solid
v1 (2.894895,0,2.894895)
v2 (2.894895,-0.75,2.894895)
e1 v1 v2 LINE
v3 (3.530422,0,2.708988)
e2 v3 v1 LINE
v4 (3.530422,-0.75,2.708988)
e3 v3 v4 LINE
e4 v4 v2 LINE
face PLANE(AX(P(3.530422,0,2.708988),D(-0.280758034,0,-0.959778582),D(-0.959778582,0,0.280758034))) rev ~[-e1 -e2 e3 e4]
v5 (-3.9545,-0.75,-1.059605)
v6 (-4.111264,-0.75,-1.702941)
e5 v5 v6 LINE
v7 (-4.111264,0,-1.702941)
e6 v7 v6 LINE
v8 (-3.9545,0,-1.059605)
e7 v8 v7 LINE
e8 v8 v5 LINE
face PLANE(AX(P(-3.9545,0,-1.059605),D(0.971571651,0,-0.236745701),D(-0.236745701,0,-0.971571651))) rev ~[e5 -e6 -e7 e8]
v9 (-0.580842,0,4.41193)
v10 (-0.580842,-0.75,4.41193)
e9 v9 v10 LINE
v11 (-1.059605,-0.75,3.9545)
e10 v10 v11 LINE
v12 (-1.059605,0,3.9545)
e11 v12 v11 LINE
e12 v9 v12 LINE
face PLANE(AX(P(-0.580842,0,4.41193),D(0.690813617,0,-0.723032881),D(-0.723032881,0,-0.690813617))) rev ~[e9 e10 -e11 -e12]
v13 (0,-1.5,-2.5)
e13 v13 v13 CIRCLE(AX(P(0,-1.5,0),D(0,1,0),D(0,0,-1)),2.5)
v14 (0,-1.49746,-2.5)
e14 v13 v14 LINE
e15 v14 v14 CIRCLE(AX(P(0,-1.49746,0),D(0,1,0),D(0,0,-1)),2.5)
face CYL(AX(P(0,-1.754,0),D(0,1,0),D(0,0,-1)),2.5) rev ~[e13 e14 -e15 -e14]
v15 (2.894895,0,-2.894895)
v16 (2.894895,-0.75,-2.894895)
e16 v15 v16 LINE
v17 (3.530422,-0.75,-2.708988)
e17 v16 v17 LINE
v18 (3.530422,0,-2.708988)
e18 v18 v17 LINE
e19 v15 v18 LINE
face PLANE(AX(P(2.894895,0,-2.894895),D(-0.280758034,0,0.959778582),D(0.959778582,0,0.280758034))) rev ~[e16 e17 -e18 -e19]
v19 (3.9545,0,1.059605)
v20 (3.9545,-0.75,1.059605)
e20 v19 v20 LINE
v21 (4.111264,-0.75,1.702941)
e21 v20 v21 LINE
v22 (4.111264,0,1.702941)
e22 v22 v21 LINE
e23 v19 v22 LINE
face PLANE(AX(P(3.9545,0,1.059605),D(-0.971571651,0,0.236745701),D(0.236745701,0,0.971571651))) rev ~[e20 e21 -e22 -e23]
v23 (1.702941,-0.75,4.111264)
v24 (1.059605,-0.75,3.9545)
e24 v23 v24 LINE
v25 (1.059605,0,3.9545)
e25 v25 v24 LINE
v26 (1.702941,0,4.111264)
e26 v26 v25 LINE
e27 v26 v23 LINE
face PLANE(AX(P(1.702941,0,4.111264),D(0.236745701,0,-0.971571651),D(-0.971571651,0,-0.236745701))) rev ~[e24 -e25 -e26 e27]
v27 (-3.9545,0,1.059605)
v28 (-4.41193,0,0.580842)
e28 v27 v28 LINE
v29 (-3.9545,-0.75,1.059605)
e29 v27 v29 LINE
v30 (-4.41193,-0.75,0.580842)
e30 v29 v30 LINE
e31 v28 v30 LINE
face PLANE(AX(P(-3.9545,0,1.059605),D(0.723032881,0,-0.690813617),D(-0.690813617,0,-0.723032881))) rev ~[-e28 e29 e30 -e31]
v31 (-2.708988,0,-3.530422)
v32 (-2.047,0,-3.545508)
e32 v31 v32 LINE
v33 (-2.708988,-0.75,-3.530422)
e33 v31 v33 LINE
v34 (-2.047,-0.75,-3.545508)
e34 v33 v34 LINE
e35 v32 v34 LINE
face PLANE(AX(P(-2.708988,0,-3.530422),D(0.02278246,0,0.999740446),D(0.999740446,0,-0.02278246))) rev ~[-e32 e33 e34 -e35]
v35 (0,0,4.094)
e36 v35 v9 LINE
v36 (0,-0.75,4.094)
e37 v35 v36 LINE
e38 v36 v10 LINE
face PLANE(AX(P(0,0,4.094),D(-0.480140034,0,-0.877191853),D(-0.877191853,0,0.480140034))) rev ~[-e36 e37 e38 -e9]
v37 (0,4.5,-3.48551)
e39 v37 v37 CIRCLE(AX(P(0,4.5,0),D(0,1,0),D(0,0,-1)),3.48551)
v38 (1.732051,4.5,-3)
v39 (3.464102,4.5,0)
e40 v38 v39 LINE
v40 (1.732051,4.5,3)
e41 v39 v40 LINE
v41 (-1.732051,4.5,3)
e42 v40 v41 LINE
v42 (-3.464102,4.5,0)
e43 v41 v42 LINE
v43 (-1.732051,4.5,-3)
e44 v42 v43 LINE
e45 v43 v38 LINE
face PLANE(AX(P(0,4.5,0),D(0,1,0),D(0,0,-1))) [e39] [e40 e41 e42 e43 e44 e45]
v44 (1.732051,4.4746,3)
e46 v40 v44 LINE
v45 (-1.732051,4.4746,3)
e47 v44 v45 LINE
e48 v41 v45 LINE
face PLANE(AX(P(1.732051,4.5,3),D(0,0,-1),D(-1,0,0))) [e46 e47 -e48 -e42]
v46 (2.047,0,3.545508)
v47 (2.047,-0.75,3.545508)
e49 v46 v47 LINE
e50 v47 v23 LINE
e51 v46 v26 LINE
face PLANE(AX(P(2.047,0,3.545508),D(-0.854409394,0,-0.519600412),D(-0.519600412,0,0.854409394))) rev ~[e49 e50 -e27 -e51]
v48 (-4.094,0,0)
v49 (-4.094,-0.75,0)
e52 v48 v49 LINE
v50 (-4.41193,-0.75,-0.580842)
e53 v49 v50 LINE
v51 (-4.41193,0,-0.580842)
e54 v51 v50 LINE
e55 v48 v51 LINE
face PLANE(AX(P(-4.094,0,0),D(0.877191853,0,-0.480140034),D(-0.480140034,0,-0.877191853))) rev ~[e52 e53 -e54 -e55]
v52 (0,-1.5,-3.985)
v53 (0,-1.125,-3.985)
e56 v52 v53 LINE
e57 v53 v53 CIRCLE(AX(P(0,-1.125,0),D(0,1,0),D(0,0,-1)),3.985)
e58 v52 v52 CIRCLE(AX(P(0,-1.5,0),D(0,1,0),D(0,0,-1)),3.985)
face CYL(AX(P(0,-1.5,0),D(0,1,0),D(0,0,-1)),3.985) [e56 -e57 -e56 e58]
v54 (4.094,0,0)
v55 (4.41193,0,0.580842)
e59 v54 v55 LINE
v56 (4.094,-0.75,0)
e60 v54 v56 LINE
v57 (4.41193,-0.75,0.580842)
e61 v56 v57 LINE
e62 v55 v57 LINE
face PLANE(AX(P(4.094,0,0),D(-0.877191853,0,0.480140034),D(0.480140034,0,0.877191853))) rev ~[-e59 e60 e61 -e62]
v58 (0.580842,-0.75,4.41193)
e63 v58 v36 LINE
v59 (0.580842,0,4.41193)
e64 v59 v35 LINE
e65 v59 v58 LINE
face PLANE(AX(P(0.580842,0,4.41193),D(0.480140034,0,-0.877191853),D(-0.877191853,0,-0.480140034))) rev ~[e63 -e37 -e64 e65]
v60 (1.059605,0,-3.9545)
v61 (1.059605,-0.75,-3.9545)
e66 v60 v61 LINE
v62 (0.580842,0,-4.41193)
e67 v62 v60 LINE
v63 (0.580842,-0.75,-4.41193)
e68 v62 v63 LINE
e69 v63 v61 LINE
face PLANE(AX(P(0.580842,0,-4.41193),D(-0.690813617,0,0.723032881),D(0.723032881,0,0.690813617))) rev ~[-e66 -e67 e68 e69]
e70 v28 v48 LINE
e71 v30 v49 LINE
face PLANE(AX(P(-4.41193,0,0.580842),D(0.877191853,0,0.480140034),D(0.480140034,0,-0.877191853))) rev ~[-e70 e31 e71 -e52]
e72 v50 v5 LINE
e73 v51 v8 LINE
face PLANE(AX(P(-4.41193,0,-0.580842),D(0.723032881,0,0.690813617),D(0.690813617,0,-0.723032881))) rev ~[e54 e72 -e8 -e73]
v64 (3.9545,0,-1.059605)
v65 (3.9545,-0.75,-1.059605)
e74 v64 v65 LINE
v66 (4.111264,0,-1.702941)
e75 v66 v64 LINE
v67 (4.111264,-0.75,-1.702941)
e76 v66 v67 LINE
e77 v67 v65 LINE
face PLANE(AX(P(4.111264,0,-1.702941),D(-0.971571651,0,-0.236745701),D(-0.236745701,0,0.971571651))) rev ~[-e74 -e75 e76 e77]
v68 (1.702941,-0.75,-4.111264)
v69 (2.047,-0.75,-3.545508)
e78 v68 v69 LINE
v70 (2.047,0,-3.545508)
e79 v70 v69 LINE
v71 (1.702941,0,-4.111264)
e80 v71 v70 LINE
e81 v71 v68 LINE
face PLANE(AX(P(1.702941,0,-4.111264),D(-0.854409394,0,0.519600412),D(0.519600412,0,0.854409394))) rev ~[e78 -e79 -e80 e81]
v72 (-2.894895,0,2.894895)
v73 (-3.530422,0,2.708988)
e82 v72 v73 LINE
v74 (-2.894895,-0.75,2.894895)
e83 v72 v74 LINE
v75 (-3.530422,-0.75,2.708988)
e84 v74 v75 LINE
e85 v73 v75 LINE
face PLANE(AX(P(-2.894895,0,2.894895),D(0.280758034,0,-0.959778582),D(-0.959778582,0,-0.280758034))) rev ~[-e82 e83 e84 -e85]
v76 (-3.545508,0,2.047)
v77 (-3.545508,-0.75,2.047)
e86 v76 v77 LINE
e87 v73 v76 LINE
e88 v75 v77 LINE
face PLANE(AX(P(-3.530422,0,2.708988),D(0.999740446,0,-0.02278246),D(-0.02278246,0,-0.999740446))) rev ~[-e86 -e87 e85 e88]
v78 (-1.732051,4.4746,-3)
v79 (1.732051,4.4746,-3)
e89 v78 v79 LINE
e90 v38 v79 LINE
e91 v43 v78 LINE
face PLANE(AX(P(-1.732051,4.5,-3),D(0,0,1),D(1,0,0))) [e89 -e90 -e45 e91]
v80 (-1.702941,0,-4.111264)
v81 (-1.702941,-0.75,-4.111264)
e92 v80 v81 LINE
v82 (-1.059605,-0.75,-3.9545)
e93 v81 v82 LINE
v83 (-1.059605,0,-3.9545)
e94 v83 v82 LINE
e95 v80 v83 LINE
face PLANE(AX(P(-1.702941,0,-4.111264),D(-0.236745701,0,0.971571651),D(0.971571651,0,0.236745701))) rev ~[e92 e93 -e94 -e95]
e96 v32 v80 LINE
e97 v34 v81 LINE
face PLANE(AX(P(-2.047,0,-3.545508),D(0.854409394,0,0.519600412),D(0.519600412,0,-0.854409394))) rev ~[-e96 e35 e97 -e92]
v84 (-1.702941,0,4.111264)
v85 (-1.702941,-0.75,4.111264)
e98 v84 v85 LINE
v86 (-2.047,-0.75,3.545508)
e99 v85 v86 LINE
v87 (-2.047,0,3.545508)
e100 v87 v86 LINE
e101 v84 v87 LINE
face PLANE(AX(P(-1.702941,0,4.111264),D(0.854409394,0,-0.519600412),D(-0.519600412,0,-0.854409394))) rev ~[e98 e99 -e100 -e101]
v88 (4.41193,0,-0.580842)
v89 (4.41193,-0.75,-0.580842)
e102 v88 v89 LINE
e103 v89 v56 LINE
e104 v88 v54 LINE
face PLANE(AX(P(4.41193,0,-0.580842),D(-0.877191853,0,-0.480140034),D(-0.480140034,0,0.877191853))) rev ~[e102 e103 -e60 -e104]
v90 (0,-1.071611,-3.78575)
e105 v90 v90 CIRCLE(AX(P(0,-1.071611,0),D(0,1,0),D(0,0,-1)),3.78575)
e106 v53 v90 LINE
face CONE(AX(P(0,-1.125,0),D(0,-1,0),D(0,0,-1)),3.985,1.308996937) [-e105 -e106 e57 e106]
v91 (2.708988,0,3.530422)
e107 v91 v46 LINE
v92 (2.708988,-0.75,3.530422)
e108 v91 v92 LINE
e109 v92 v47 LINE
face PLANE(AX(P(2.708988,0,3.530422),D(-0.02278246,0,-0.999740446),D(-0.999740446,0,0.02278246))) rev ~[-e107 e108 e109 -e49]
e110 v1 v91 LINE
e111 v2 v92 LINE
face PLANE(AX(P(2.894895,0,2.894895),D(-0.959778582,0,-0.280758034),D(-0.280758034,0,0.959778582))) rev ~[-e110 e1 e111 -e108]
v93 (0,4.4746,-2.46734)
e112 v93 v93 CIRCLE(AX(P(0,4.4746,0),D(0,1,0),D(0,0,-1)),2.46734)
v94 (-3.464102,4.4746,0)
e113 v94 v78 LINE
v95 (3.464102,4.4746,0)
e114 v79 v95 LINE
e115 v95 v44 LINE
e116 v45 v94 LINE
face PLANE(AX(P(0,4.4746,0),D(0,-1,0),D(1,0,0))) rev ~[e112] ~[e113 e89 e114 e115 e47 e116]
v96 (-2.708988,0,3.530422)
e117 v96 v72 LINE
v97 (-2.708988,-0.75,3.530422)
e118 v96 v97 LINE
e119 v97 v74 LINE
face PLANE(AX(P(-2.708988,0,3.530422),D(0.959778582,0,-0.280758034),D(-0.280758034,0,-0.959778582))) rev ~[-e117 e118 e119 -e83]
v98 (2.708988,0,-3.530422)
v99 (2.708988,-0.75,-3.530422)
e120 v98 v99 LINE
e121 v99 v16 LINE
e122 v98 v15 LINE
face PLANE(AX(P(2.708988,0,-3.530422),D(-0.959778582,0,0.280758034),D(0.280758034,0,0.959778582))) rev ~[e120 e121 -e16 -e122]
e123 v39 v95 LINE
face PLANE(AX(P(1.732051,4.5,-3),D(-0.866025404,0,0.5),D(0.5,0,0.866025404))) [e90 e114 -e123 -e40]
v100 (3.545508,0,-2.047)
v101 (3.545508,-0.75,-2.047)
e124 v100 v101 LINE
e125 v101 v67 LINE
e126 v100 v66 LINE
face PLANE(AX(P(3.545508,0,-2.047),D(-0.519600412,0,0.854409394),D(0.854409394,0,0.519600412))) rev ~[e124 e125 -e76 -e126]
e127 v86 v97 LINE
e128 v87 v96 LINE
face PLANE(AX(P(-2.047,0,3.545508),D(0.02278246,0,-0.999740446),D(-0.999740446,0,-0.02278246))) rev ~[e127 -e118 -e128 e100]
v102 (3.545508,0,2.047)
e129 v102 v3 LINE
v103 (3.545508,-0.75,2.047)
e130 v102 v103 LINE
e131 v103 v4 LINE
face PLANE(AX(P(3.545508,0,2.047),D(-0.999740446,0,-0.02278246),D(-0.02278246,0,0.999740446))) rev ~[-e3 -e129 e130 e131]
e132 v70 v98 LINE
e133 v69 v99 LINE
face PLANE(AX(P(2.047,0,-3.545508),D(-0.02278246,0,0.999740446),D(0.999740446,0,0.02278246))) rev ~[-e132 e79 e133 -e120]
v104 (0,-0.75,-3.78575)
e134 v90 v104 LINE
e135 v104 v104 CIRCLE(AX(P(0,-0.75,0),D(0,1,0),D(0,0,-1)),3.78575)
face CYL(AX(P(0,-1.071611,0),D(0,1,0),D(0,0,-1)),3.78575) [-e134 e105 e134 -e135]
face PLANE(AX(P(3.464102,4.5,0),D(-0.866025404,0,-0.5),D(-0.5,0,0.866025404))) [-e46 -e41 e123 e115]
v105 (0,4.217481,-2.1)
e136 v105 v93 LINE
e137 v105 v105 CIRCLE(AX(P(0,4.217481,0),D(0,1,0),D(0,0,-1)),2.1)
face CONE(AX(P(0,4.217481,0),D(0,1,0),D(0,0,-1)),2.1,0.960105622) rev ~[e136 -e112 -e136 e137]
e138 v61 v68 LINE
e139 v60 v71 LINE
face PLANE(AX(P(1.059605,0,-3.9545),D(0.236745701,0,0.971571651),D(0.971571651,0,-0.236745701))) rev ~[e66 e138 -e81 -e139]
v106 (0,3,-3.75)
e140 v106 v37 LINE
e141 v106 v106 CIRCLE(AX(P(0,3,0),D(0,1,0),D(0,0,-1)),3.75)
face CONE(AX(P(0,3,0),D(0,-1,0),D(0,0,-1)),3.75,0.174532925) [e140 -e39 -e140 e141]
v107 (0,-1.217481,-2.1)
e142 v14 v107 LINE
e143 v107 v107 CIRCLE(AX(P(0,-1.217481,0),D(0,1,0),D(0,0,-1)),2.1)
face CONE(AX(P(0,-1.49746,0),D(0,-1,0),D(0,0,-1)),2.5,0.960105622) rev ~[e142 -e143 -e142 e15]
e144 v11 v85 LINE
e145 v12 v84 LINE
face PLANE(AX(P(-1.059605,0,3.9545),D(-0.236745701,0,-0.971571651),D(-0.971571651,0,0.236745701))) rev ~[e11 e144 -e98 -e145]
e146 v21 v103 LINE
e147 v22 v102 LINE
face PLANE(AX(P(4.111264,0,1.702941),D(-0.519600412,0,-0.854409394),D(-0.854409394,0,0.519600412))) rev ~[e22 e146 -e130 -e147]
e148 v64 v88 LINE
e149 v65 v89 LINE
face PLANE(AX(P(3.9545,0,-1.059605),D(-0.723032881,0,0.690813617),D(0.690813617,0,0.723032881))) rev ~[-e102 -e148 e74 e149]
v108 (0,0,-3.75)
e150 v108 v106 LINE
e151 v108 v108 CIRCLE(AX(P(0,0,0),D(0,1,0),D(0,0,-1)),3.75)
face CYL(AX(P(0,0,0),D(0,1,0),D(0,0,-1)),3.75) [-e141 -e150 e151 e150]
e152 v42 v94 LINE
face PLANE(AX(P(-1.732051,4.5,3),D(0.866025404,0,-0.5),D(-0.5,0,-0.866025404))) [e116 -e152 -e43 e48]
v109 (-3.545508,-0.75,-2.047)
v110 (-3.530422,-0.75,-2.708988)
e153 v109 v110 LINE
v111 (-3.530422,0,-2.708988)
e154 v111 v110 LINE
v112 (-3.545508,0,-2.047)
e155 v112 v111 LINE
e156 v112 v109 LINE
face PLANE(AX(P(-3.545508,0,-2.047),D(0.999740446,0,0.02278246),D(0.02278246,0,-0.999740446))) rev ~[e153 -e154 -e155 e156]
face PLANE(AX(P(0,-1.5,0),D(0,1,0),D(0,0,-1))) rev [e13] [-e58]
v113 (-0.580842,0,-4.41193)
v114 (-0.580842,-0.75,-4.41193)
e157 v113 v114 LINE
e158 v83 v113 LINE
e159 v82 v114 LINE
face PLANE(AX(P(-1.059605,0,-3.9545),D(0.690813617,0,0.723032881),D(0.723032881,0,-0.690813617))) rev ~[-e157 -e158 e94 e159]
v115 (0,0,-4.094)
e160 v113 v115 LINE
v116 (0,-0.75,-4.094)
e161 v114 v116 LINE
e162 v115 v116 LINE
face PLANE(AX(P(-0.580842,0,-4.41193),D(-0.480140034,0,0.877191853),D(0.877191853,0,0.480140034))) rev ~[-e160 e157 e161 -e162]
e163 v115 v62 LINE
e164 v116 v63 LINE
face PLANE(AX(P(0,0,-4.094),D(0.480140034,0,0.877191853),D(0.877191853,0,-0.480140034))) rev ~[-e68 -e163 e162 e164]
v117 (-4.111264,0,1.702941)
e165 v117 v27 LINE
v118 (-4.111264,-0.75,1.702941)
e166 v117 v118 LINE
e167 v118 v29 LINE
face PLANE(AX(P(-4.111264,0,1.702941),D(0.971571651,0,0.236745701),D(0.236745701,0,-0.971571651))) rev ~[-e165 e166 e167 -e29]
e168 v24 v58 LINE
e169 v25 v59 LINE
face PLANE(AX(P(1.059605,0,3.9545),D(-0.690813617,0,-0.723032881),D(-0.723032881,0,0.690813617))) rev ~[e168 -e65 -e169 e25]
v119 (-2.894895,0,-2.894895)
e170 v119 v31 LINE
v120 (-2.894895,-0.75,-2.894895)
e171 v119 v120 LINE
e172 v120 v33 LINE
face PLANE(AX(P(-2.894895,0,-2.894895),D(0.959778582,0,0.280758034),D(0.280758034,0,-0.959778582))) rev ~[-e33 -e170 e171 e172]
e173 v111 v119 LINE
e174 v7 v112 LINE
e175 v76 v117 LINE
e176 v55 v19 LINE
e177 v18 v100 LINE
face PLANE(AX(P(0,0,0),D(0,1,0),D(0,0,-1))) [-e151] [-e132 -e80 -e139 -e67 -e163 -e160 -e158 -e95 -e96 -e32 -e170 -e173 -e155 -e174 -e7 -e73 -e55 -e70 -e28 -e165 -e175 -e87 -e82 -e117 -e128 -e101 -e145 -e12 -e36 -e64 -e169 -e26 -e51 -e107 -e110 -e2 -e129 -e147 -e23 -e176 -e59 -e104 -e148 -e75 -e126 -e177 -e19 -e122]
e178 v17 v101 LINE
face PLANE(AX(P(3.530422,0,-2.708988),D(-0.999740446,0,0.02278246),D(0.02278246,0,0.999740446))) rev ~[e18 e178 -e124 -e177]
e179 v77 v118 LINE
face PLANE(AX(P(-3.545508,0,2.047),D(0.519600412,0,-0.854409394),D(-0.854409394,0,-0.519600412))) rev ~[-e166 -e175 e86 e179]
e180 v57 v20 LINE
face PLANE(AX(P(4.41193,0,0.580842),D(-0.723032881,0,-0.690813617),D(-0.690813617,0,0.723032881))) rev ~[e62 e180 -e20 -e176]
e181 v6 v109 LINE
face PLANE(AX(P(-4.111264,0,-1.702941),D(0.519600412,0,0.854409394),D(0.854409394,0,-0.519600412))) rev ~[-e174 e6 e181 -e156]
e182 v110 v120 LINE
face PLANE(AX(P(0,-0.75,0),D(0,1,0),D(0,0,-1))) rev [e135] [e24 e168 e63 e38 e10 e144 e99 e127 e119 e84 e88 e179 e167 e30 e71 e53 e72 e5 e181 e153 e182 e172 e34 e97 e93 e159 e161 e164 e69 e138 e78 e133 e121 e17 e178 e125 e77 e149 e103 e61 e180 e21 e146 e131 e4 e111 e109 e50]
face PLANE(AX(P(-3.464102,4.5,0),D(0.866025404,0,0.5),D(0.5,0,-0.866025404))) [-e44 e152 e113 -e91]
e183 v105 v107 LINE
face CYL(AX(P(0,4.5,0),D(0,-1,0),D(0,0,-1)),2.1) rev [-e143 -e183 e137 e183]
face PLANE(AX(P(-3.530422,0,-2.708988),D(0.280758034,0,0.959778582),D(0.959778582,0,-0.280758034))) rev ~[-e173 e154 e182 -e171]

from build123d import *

# Parameters (mm, degrees)
CLINCHCUT_START    = -0.75
CLINCHCUT_DEPTH    = 0.75
CLINCHCUTPAT_COUNT = 24
CLINCHCUTPAT_ANGLE = 345
HEXCUT_DEPTH       = 0.0254


with BuildPart() as part:
    # BodySke → Body (revolve)
    with BuildSketch(Plane.XY, mode=Mode.PRIVATE) as body_sk:
        Polygon((3.78575, -1.071611123), (3.78575, -0.75), (4.45, -0.75), (4.45, 0), (3.75, 0), (3.75, 3), (3.485509529, 4.5), (2.1, 4.5), (2.1, -1.5), (3.985, -1.5), (3.985, -1.125), align=None)
    revolve(body_sk.sketch.rotate(Axis((0, -1.125, 0), (0, 1, 0)), 90), axis=Axis((0, -1.125, 0), (0, 1, 0)))

    # EndChamferSke → EndChamfer (revolve, cut)
    with BuildSketch(Plane.XY, mode=Mode.PRIVATE) as endchamfer_sk:
        Polygon((2.5, -1.754), (2.5, -1.49746), (2.1, -1.217481014), (2.1, -1.754), align=None)
        Polygon((2.5, 4.49746), (2.5, 4.754), (2.1, 4.754), (2.1, 4.217481014), align=None)
    revolve(endchamfer_sk.sketch.rotate(Axis((0, -2.54, 0), (0, 1, 0)), 90), axis=Axis((0, -2.54, 0), (0, 1, 0)), mode=Mode.SUBTRACT)

    # CliRinCutSke → ClinchCut (cut)
    with BuildSketch(Plane.XZ.offset(0.75).offset(CLINCHCUT_START)):
        with BuildLine():
            Line((0.580841555, 4.411929633), (0, 4.094))
            Line((0, 4.094), (-0.580841555, 4.411929633))
            ThreePointArc((-0.580841555, 4.411929633), (0, 4.45), (0.580841555, 4.411929633))
        make_face()
    clinchcut = extrude(amount=CLINCHCUT_DEPTH, mode=Mode.SUBTRACT)

    # ClinchCutPat: ClinchCut ×24 about axis
    clinchcutpat_axis = Axis((0, 0, 0), (0, 1, 0))
    for i in range(1, CLINCHCUTPAT_COUNT):
        add(clinchcut.rotate(clinchcutpat_axis, i * CLINCHCUTPAT_ANGLE / (CLINCHCUTPAT_COUNT - 1)), mode=Mode.SUBTRACT)

    # HexCutSke → HexCut (cut)
    with BuildSketch(Plane(origin=(0, 4.5, 0), x_dir=(-1, 0, 0), z_dir=(0, 1, 0))):
        Polygon((-1.732050808, 3), (1.732050808, 3), (3.464101615, 0), (1.732050808, -3), (-1.732050808, -3), (-3.464101615, 0), align=None)
    extrude(amount=-HEXCUT_DEPTH, mode=Mode.SUBTRACT)


solid = part.part
